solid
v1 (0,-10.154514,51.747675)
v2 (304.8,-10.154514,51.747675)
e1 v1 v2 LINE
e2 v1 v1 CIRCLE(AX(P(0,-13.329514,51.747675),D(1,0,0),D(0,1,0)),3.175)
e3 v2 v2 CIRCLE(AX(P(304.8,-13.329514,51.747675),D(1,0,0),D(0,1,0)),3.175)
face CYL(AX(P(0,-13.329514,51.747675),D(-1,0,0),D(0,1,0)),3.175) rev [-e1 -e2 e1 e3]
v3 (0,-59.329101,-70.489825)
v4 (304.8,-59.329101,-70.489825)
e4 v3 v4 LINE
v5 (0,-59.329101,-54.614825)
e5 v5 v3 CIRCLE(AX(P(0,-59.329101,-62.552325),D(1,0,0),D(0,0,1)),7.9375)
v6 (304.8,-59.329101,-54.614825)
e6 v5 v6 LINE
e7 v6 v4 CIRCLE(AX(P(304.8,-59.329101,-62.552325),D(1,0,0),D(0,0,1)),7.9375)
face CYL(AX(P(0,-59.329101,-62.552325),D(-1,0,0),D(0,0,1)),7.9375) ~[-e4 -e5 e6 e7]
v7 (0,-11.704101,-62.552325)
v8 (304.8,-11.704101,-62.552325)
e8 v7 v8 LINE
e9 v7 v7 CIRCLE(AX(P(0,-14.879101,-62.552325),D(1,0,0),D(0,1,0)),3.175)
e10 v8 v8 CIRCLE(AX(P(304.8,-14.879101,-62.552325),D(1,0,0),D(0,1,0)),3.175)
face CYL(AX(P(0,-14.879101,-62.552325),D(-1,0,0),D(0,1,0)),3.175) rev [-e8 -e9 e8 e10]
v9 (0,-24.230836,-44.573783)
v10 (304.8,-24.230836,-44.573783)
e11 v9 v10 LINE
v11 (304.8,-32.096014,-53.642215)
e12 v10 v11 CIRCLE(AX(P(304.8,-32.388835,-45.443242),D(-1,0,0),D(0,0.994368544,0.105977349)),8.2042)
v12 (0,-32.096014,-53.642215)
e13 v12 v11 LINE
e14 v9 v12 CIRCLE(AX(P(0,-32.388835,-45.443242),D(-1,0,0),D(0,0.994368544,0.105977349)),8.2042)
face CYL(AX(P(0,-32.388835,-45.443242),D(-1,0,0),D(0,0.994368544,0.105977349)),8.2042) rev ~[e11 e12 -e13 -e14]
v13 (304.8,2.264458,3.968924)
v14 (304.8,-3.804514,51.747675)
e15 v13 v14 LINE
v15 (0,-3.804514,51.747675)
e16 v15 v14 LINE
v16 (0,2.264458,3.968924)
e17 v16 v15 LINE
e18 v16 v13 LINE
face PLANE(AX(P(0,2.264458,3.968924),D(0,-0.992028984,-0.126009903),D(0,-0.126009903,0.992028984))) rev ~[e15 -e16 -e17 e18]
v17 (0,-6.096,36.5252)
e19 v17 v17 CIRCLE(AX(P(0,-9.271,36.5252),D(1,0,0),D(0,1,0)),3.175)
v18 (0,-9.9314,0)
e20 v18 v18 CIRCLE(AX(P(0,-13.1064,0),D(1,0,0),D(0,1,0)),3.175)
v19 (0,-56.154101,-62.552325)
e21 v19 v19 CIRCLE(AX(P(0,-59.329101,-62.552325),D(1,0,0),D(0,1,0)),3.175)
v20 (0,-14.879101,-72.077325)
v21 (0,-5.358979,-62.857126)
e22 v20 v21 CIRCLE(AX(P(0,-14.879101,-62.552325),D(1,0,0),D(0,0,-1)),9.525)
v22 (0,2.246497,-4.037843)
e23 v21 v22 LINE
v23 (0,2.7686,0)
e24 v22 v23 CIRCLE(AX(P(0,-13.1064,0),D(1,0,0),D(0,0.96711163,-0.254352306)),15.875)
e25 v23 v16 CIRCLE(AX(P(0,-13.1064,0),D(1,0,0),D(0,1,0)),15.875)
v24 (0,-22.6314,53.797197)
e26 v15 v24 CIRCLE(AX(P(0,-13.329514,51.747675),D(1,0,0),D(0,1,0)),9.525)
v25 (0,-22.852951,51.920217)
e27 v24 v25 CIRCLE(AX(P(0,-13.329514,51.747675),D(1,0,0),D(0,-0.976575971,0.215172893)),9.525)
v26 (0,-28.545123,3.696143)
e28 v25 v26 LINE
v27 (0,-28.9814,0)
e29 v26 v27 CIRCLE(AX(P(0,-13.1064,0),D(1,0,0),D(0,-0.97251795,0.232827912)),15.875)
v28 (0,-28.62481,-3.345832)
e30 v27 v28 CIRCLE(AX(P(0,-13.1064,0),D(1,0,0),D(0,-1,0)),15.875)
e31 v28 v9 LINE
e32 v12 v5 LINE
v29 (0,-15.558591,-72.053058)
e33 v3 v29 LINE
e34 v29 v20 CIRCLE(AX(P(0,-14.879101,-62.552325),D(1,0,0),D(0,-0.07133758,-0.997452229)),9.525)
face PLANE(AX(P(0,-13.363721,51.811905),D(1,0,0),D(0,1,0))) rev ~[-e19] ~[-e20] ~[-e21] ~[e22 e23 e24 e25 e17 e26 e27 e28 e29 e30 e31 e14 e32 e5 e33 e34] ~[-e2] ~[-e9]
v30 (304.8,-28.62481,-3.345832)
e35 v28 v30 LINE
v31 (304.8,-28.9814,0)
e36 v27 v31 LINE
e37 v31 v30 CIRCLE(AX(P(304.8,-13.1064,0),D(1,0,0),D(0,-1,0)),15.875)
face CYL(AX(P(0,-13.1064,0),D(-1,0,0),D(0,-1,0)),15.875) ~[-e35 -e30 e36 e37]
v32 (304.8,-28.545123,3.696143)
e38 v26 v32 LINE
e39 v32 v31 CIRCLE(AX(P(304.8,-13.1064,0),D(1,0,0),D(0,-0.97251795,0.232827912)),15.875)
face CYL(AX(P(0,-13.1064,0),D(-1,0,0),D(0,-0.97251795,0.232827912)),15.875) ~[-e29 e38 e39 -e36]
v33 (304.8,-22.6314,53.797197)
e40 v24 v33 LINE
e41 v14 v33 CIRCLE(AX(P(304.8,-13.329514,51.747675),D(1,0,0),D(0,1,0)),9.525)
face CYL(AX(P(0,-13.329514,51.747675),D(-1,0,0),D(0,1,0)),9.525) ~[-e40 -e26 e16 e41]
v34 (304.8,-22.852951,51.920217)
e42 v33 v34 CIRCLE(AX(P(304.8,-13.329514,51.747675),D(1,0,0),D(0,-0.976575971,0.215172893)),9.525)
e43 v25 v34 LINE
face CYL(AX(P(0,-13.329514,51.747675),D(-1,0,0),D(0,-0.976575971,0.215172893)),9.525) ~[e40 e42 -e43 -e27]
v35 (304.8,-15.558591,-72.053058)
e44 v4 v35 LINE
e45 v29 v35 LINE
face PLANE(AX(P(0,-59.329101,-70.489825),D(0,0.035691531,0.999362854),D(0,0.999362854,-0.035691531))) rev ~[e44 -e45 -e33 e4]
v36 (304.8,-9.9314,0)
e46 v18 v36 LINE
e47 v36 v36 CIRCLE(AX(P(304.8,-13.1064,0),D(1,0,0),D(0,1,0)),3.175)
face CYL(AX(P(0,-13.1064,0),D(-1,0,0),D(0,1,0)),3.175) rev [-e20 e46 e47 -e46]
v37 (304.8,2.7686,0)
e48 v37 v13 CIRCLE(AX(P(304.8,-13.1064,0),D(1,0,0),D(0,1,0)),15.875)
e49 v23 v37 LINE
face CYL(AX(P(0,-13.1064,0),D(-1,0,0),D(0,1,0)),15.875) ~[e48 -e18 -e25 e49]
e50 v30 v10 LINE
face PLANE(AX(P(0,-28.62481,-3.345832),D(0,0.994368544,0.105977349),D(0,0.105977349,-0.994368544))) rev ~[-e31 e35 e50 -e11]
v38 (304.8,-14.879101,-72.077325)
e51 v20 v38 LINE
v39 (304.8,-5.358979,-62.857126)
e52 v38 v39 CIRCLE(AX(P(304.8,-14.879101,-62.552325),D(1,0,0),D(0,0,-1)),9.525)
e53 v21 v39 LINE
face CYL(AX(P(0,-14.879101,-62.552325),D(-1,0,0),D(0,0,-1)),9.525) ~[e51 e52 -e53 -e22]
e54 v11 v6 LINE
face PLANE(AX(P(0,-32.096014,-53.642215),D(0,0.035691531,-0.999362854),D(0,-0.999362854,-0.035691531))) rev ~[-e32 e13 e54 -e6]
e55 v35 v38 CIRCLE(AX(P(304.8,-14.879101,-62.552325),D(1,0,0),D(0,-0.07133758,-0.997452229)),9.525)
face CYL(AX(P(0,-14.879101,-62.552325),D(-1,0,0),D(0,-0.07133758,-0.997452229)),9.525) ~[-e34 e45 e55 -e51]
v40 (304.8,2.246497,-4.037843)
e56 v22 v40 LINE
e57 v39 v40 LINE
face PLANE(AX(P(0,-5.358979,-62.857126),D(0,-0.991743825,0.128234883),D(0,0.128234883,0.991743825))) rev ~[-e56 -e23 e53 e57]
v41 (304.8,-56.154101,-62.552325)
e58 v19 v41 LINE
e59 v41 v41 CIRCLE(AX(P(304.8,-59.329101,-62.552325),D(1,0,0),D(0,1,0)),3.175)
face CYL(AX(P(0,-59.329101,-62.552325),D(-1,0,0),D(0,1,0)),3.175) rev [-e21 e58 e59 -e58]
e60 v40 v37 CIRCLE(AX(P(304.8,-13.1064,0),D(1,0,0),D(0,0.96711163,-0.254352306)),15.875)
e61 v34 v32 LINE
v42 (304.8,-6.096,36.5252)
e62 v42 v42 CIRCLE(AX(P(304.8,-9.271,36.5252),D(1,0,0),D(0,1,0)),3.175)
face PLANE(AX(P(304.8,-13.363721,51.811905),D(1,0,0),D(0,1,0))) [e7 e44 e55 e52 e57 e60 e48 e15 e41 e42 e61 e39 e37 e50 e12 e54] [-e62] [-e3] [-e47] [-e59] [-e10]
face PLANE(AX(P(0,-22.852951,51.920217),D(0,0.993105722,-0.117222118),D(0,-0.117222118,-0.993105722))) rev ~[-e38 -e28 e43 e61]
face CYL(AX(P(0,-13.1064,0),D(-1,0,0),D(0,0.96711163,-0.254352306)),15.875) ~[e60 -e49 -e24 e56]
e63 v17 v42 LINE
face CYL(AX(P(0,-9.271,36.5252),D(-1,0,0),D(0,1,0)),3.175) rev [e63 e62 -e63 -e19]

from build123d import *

# Parameters (mm, degrees)
F0_R     = 3.175
F1_DEPTH = 304.8


with BuildPart() as f1:
    # F0 (on Right) → F1 (new body)
    with BuildSketch(Plane.YZ):
        with BuildLine():
            ThreePointArc((-22.8529511317, 51.9202167742), (-13.4157885587, 42.2230655236), (-3.8045140282, 51.7476747914))
            ThreePointArc((-3.8045140282, 51.7476747914), (-12.2986988853, 61.2167320381), (-22.6314001471, 53.7971965969))
            Line((-22.6314001471, 53.7971965969), (-22.8529511317, 51.9202167742))
        make_face()
        with Locations((-13.3295140282, 51.7476747914)):
            Circle(F0_R, mode=Mode.SUBTRACT)
        with BuildLine():
            Line((2.2644576156, 3.968923864), (-3.8045140282, 51.7476747914))
            ThreePointArc((-3.8045140282, 51.7476747914), (-13.4157885587, 42.2230655236), (-22.8529511317, 51.9202167742))
            Line((-22.8529511317, 51.9202167742), (-28.545122604, 3.6961431112))
            ThreePointArc((-28.545122604, 3.6961431112), (-13.2469481423, 15.8743778228), (2.2644576156, 3.968923864))
        make_face()
        with Locations((-9.2709995806, 36.5252)):
            Circle(F0_R, mode=Mode.SUBTRACT)
        with BuildLine():
            Line((-22.8529511317, 51.9202167742), (-22.6314001471, 53.7971965969))
            ThreePointArc((-22.6314001471, 53.7971965969), (-22.78884603, 52.8642154666), (-22.8529511317, 51.9202167742))
        make_face()
        with BuildLine():
            Line((2.7685998529, 0), (2.2644576156, 3.968923864))
            ThreePointArc((2.2644576156, 3.968923864), (-13.2469481423, 15.8743778228), (-28.545122604, 3.6961431112))
            Line((-28.545122604, 3.6961431112), (-28.9814001471, 0))
            Line((-28.9814001471, 0), (-28.6248095933, -3.3458322221))
            ThreePointArc((-28.6248095933, -3.3458322221), (-13.462164486, -15.8710130973), (2.2464969737, -4.0378428646))
            Line((2.2464969737, -4.0378428646), (2.7685998529, 0))
        make_face()
        with Locations((-13.1064001471, 0)):
            Circle(F0_R, mode=Mode.SUBTRACT)
        with BuildLine():
            ThreePointArc((2.7685998529, 0), (2.6420599679, 2.0004072107), (2.2644576156, 3.968923864))
            Line((2.2644576156, 3.968923864), (2.7685998529, 0))
        make_face()
        with BuildLine():
            Line((-28.9814001471, 0), (-28.545122604, 3.6961431112))
            ThreePointArc((-28.545122604, 3.6961431112), (-28.8719534834, 1.8609011253), (-28.9814001471, 0))
        make_face()
        with BuildLine():
            ThreePointArc((2.2464969737, -4.0378428646), (2.637533078, -2.0357287648), (2.7685998529, 0))
            Line((2.7685998529, 0), (2.2464969737, -4.0378428646))
        make_face()
        with BuildLine():
            Line((-28.6248095933, -3.3458322221), (-28.9814001471, 0))
            ThreePointArc((-28.9814001471, 0), (-28.8920007844, -1.6823904185), (-28.6248095933, -3.3458322221))
        make_face()
        with BuildLine():
            Line((-5.3589790656, -62.8571261481), (2.2464969737, -4.0378428646))
            ThreePointArc((2.2464969737, -4.0378428646), (-13.462164486, -15.8710130973), (-28.6248095933, -3.3458322221))
            Line((-28.6248095933, -3.3458322221), (-24.2308362037, -44.5737828668))
            ThreePointArc((-24.2308362037, -44.5737828668), (-26.1909962764, -50.8187140835), (-32.0960141584, -53.6422149647))
            Line((-32.0960141584, -53.6422149647), (-59.3291009865, -54.6148252086))
            ThreePointArc((-59.3291009865, -54.6148252086), (-53.7164409108, -56.9396651329), (-51.3916009865, -62.5523252086))
            ThreePointArc((-51.3916009865, -62.5523252086), (-53.7164409108, -68.1649852842), (-59.3291009865, -70.4898252086))
            Line((-59.3291009865, -70.4898252086), (-15.5585914323, -72.0530576926))
            ThreePointArc((-15.5585914323, -72.0530576926), (-21.3696124649, -55.5810351021), (-5.3541009865, -62.5523252086))
            ThreePointArc((-5.3541009865, -62.5523252086), (-5.3553205843, -62.7047451945), (-5.3589790656, -62.8571261481))
        make_face()
        with BuildLine():
            ThreePointArc((-14.8791009865, -72.0773252086), (-8.2525484872, -69.3944321191), (-5.3589790656, -62.8571261481))
            ThreePointArc((-5.3589790656, -62.8571261481), (-5.3553205843, -62.7047451945), (-5.3541009865, -62.5523252086))
            ThreePointArc((-5.3541009865, -62.5523252086), (-21.3696124649, -55.5810351021), (-15.5585914323, -72.0530576926))
            Line((-15.5585914323, -72.0530576926), (-14.8791009865, -72.0773252086))
        make_face()
        with Locations((-14.8791009865, -62.5523252086)):
            Circle(F0_R, mode=Mode.SUBTRACT)
        with BuildLine():
            ThreePointArc((-15.5585914323, -72.0530576926), (-15.2190628146, -72.0712563962), (-14.8791009865, -72.0773252086))
            Line((-14.8791009865, -72.0773252086), (-15.5585914323, -72.0530576926))
        make_face()
        with BuildLine():
            ThreePointArc((-51.3916009865, -62.5523252086), (-53.7164409108, -56.9396651329), (-59.3291009865, -54.6148252086))
            ThreePointArc((-59.3291009865, -54.6148252086), (-67.2666009865, -62.5523252086), (-59.3291009865, -70.4898252086))
            ThreePointArc((-59.3291009865, -70.4898252086), (-53.7164409108, -68.1649852842), (-51.3916009865, -62.5523252086))
        make_face()
        with Locations((-59.3291009865, -62.5523252086)):
            Circle(F0_R, mode=Mode.SUBTRACT)
    extrude(amount=F1_DEPTH)


solid = f1.part
